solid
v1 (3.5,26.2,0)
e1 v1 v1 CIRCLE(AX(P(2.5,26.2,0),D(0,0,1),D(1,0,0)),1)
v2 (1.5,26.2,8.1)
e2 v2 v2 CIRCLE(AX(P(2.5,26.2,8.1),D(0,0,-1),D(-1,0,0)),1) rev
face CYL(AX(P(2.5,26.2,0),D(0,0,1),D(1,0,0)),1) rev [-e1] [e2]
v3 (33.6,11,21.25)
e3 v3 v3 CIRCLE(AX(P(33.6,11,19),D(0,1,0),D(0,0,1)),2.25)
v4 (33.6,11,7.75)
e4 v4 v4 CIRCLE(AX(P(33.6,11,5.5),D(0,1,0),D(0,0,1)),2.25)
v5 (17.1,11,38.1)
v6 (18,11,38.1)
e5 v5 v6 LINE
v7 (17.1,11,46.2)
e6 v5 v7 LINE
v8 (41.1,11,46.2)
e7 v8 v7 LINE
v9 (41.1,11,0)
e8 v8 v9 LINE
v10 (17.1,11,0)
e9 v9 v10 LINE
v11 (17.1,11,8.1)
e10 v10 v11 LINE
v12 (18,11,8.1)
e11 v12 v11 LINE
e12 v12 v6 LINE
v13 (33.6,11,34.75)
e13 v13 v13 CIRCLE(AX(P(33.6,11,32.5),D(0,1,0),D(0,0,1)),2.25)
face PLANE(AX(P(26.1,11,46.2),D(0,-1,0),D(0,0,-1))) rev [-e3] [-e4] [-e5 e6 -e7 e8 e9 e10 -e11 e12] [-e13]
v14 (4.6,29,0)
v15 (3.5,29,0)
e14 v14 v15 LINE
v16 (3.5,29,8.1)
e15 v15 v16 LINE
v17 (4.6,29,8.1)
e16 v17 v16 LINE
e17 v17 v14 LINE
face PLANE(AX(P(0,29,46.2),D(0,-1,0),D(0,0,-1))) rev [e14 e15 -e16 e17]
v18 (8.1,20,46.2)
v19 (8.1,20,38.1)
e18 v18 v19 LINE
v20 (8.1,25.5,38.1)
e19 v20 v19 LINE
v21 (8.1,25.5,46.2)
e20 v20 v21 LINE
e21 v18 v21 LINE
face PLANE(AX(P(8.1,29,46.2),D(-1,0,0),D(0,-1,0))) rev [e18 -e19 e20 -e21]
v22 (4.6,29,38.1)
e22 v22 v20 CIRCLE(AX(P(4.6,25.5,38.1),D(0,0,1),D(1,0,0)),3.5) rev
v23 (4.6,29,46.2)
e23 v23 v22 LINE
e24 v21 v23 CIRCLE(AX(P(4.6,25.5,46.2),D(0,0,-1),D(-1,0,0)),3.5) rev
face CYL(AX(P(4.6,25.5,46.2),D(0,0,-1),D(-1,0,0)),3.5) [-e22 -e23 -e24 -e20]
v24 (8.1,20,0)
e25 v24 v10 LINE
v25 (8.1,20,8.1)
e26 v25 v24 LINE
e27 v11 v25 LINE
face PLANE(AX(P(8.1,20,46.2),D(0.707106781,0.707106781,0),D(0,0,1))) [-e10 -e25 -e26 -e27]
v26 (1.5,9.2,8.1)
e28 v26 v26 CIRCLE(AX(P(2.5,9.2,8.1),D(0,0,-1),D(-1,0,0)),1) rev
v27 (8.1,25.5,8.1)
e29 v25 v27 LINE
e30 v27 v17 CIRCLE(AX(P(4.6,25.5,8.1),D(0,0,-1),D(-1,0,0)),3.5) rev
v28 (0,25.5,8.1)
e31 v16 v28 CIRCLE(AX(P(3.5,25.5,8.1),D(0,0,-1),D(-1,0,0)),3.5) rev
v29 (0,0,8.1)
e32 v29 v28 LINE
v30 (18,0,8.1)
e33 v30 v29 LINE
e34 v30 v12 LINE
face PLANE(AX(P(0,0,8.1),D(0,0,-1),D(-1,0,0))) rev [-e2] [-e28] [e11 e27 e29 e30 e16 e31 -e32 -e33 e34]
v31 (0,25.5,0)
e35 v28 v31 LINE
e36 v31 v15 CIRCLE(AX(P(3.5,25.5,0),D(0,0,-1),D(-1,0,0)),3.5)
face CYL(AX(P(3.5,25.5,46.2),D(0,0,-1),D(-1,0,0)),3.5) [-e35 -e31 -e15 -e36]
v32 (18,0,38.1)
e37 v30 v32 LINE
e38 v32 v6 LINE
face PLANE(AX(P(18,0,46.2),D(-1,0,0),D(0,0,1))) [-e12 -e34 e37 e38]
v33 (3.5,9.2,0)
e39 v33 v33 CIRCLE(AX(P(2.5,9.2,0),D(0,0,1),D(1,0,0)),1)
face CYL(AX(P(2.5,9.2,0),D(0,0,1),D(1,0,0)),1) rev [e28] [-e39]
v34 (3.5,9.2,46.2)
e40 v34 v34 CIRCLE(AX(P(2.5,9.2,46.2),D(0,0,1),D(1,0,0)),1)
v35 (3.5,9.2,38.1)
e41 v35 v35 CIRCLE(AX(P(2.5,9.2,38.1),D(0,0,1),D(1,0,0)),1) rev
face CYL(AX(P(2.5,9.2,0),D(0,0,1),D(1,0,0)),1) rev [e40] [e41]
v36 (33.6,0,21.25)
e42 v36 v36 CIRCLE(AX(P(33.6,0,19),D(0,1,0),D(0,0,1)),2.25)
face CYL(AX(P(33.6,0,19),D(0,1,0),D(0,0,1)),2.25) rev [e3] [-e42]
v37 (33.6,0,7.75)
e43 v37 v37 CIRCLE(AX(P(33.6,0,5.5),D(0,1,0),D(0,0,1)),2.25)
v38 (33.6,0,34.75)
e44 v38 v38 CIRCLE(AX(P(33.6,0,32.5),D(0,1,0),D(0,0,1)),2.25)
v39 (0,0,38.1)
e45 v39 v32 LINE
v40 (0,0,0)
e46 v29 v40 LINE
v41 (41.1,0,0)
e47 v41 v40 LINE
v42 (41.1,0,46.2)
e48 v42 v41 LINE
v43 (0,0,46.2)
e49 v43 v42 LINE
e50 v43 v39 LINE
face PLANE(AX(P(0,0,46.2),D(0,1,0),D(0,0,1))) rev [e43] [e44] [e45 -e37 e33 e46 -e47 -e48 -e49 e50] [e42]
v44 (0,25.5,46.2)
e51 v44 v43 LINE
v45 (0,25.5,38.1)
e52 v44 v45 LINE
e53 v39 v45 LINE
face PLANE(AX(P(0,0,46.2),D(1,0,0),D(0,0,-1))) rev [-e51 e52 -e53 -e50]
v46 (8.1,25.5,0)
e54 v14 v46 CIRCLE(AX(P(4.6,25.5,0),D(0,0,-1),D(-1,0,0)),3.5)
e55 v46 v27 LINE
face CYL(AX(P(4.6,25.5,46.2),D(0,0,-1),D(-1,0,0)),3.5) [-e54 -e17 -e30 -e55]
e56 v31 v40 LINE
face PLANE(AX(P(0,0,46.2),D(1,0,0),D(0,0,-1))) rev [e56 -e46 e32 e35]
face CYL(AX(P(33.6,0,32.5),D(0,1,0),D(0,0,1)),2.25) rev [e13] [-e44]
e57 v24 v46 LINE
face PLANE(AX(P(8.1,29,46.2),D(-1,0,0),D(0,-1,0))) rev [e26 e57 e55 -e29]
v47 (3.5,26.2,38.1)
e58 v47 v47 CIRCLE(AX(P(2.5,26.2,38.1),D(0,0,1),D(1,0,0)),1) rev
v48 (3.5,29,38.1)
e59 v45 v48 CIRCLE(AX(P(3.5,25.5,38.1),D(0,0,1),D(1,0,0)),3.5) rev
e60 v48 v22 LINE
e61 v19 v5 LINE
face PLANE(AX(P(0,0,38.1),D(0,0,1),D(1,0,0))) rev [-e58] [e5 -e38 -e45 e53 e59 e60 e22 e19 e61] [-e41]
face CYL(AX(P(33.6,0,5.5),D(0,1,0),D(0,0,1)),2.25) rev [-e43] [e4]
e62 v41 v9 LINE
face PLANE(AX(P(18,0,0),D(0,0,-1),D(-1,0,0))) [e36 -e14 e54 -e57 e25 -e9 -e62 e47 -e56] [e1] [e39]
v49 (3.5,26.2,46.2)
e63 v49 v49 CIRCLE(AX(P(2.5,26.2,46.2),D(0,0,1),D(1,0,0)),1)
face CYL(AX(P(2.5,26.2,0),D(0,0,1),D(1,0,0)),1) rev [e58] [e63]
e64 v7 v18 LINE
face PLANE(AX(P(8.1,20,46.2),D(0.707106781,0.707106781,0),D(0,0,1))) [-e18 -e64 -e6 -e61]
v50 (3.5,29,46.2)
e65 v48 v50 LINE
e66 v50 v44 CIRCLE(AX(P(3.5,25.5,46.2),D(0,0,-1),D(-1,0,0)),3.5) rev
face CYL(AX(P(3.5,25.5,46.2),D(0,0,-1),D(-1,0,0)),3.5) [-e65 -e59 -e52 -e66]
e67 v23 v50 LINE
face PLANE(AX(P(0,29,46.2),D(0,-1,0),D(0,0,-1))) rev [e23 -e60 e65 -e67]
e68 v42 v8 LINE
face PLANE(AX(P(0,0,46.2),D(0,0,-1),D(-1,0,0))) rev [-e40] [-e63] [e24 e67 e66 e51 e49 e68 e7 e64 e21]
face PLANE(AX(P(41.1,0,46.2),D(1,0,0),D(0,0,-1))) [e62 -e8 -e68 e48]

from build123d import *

# Parameters (mm, degrees)
ESQUISSE1_W             = 18
ESQUISSE1_H             = 29
BOSS_EXTRU_1_DEPTH      = 46.2
ESQUISSE3_R             = 1
ENL_V_MAT_EXTRU_1_DEPTH = 58.440752084
ESQUISSE4_W             = 18
ESQUISSE4_H             = 30
ENL_V_MAT_EXTRU_2_DEPTH = 58.440752084
ESQUISSE5_W             = 8.1
ESQUISSE5_H             = 46.2
BOSS_EXTRU_2_DEPTH      = 29
CONG_1_R                = 3.5
ENL_V_START             = -46.2
ESQUISSE7_W             = 18
ESQUISSE7_H             = 18
ENL_V_MAT_EXTRU_4_DEPTH = 46.2
ESQUISSE8_W             = 15
ESQUISSE8_H             = 46.2
ESQUISSE8_R             = 2.25
BOSS_EXTRU_3_DEPTH      = 11
CHANFREIN1_SIZE         = 9
CONG_2_R                = 3.5


with BuildPart() as part:
    # Esquisse1 → Boss.-Extru.1 (new body)
    with BuildSketch(Plane.XY):
        with Locations((9, 14.5)):
            Rectangle(ESQUISSE1_W, ESQUISSE1_H)
    extrude(amount=BOSS_EXTRU_1_DEPTH)

    # Esquisse3 → Enlèv. mat.-Extru.1 (cut, through all)
    with BuildSketch(Plane.XY.offset(46.2)):
        with Locations((2.5, 26.2)):
            Circle(ESQUISSE3_R)
        with Locations((2.5, 9.2)):
            Circle(ESQUISSE3_R)
    extrude(amount=-ENL_V_MAT_EXTRU_1_DEPTH, mode=Mode.SUBTRACT)

    # Esquisse4 → Enlèv. mat.-Extru.2 (cut, through all)
    with BuildSketch(Plane(origin=(0, 29, 0), x_dir=(1, 0, 0), z_dir=(0, 1, 0))):
        with Locations((9, -23.1)):
            Rectangle(ESQUISSE4_W, ESQUISSE4_H)
    extrude(amount=-ENL_V_MAT_EXTRU_2_DEPTH, mode=Mode.SUBTRACT)


with BuildPart() as enl_v_mat_extru_2_piece_1:
    # of the separate pieces the step leaves, piece 1, a body of its own (enl_v_mat_extru_2_pieces)
    add(part.part.solids().sort_by_distance((0, 0, 0))[0])



with BuildPart() as enl_v_mat_extru_2_piece_2:
    # of the separate pieces the step leaves, piece 2, a body of its own (enl_v_mat_extru_2_pieces)
    add(part.part.solids().sort_by_distance((18, 0, 38.1))[0])


with BuildPart() as enl_v_mat_extru_2_piece_1_1:
    add(enl_v_mat_extru_2_piece_1.part)

    add(enl_v_mat_extru_2_piece_2.part)  # Boss.-Extru.2 merges Enlèv. mat.-Extru.2 piece 2
    # Esquisse5 → Boss.-Extru.2 (add)
    with BuildSketch(Plane(origin=(0, 29, 0), x_dir=(1, 0, 0), z_dir=(0, 1, 0))):
        with Locations((22.05, -23.1)):
            Rectangle(ESQUISSE5_W, ESQUISSE5_H)
    extrude(amount=-BOSS_EXTRU_2_DEPTH)

    # Congé1
    cong_1_edges = [enl_v_mat_extru_2_piece_1_1.edges().sort_by_distance(p)[0] for p in [
        (0, 29, 42.15),
        (0, 29, 4.05),
    ]]
    fillet(cong_1_edges, radius=CONG_1_R)

    # Esquisse7 → Enlèv. mat.-Extru.4 (cut)
    with BuildSketch(Plane(origin=(0, 0, 0), x_dir=(-1, 0, 0), z_dir=(0, 0, -1)).offset(ENL_V_START)):
        with Locations((-17.1, 20)):
            Rectangle(ESQUISSE7_W, ESQUISSE7_H)
    extrude(amount=ENL_V_MAT_EXTRU_4_DEPTH, mode=Mode.SUBTRACT)

    # Esquisse8 → Boss.-Extru.3 (add)
    with BuildSketch(Plane(origin=(0, 11, 0), x_dir=(1, 0, 0), z_dir=(0, 1, 0))):
        with Locations((33.6, -23.1)):
            Rectangle(ESQUISSE8_W, ESQUISSE8_H)
        with Locations(Location((33.6, -5.5, 0), (0, 0, 270))):
            Circle(ESQUISSE8_R, mode=Mode.SUBTRACT)
        with Locations(Location((33.6, -32.5, 0), (0, 0, 270))):
            Circle(ESQUISSE8_R, mode=Mode.SUBTRACT)
        with Locations(Location((33.6, -19, 0), (0, 0, 270))):
            Circle(ESQUISSE8_R, mode=Mode.SUBTRACT)
    extrude(amount=-BOSS_EXTRU_3_DEPTH)

    # Chanfrein1
    chanfrein1_edges = [enl_v_mat_extru_2_piece_1_1.edges().sort_by_distance(p)[0] for p in [
        (8.1, 11, 42.15),
        (8.1, 11, 4.05),
    ]]
    chamfer(chanfrein1_edges, length=CHANFREIN1_SIZE)

    # Congé2
    cong_2_edges = [enl_v_mat_extru_2_piece_1_1.edges().sort_by_distance(p)[0] for p in [
        (8.1, 29, 42.15),
        (8.1, 29, 4.05),
    ]]
    fillet(cong_2_edges, radius=CONG_2_R)


solid = enl_v_mat_extru_2_piece_1_1.part
